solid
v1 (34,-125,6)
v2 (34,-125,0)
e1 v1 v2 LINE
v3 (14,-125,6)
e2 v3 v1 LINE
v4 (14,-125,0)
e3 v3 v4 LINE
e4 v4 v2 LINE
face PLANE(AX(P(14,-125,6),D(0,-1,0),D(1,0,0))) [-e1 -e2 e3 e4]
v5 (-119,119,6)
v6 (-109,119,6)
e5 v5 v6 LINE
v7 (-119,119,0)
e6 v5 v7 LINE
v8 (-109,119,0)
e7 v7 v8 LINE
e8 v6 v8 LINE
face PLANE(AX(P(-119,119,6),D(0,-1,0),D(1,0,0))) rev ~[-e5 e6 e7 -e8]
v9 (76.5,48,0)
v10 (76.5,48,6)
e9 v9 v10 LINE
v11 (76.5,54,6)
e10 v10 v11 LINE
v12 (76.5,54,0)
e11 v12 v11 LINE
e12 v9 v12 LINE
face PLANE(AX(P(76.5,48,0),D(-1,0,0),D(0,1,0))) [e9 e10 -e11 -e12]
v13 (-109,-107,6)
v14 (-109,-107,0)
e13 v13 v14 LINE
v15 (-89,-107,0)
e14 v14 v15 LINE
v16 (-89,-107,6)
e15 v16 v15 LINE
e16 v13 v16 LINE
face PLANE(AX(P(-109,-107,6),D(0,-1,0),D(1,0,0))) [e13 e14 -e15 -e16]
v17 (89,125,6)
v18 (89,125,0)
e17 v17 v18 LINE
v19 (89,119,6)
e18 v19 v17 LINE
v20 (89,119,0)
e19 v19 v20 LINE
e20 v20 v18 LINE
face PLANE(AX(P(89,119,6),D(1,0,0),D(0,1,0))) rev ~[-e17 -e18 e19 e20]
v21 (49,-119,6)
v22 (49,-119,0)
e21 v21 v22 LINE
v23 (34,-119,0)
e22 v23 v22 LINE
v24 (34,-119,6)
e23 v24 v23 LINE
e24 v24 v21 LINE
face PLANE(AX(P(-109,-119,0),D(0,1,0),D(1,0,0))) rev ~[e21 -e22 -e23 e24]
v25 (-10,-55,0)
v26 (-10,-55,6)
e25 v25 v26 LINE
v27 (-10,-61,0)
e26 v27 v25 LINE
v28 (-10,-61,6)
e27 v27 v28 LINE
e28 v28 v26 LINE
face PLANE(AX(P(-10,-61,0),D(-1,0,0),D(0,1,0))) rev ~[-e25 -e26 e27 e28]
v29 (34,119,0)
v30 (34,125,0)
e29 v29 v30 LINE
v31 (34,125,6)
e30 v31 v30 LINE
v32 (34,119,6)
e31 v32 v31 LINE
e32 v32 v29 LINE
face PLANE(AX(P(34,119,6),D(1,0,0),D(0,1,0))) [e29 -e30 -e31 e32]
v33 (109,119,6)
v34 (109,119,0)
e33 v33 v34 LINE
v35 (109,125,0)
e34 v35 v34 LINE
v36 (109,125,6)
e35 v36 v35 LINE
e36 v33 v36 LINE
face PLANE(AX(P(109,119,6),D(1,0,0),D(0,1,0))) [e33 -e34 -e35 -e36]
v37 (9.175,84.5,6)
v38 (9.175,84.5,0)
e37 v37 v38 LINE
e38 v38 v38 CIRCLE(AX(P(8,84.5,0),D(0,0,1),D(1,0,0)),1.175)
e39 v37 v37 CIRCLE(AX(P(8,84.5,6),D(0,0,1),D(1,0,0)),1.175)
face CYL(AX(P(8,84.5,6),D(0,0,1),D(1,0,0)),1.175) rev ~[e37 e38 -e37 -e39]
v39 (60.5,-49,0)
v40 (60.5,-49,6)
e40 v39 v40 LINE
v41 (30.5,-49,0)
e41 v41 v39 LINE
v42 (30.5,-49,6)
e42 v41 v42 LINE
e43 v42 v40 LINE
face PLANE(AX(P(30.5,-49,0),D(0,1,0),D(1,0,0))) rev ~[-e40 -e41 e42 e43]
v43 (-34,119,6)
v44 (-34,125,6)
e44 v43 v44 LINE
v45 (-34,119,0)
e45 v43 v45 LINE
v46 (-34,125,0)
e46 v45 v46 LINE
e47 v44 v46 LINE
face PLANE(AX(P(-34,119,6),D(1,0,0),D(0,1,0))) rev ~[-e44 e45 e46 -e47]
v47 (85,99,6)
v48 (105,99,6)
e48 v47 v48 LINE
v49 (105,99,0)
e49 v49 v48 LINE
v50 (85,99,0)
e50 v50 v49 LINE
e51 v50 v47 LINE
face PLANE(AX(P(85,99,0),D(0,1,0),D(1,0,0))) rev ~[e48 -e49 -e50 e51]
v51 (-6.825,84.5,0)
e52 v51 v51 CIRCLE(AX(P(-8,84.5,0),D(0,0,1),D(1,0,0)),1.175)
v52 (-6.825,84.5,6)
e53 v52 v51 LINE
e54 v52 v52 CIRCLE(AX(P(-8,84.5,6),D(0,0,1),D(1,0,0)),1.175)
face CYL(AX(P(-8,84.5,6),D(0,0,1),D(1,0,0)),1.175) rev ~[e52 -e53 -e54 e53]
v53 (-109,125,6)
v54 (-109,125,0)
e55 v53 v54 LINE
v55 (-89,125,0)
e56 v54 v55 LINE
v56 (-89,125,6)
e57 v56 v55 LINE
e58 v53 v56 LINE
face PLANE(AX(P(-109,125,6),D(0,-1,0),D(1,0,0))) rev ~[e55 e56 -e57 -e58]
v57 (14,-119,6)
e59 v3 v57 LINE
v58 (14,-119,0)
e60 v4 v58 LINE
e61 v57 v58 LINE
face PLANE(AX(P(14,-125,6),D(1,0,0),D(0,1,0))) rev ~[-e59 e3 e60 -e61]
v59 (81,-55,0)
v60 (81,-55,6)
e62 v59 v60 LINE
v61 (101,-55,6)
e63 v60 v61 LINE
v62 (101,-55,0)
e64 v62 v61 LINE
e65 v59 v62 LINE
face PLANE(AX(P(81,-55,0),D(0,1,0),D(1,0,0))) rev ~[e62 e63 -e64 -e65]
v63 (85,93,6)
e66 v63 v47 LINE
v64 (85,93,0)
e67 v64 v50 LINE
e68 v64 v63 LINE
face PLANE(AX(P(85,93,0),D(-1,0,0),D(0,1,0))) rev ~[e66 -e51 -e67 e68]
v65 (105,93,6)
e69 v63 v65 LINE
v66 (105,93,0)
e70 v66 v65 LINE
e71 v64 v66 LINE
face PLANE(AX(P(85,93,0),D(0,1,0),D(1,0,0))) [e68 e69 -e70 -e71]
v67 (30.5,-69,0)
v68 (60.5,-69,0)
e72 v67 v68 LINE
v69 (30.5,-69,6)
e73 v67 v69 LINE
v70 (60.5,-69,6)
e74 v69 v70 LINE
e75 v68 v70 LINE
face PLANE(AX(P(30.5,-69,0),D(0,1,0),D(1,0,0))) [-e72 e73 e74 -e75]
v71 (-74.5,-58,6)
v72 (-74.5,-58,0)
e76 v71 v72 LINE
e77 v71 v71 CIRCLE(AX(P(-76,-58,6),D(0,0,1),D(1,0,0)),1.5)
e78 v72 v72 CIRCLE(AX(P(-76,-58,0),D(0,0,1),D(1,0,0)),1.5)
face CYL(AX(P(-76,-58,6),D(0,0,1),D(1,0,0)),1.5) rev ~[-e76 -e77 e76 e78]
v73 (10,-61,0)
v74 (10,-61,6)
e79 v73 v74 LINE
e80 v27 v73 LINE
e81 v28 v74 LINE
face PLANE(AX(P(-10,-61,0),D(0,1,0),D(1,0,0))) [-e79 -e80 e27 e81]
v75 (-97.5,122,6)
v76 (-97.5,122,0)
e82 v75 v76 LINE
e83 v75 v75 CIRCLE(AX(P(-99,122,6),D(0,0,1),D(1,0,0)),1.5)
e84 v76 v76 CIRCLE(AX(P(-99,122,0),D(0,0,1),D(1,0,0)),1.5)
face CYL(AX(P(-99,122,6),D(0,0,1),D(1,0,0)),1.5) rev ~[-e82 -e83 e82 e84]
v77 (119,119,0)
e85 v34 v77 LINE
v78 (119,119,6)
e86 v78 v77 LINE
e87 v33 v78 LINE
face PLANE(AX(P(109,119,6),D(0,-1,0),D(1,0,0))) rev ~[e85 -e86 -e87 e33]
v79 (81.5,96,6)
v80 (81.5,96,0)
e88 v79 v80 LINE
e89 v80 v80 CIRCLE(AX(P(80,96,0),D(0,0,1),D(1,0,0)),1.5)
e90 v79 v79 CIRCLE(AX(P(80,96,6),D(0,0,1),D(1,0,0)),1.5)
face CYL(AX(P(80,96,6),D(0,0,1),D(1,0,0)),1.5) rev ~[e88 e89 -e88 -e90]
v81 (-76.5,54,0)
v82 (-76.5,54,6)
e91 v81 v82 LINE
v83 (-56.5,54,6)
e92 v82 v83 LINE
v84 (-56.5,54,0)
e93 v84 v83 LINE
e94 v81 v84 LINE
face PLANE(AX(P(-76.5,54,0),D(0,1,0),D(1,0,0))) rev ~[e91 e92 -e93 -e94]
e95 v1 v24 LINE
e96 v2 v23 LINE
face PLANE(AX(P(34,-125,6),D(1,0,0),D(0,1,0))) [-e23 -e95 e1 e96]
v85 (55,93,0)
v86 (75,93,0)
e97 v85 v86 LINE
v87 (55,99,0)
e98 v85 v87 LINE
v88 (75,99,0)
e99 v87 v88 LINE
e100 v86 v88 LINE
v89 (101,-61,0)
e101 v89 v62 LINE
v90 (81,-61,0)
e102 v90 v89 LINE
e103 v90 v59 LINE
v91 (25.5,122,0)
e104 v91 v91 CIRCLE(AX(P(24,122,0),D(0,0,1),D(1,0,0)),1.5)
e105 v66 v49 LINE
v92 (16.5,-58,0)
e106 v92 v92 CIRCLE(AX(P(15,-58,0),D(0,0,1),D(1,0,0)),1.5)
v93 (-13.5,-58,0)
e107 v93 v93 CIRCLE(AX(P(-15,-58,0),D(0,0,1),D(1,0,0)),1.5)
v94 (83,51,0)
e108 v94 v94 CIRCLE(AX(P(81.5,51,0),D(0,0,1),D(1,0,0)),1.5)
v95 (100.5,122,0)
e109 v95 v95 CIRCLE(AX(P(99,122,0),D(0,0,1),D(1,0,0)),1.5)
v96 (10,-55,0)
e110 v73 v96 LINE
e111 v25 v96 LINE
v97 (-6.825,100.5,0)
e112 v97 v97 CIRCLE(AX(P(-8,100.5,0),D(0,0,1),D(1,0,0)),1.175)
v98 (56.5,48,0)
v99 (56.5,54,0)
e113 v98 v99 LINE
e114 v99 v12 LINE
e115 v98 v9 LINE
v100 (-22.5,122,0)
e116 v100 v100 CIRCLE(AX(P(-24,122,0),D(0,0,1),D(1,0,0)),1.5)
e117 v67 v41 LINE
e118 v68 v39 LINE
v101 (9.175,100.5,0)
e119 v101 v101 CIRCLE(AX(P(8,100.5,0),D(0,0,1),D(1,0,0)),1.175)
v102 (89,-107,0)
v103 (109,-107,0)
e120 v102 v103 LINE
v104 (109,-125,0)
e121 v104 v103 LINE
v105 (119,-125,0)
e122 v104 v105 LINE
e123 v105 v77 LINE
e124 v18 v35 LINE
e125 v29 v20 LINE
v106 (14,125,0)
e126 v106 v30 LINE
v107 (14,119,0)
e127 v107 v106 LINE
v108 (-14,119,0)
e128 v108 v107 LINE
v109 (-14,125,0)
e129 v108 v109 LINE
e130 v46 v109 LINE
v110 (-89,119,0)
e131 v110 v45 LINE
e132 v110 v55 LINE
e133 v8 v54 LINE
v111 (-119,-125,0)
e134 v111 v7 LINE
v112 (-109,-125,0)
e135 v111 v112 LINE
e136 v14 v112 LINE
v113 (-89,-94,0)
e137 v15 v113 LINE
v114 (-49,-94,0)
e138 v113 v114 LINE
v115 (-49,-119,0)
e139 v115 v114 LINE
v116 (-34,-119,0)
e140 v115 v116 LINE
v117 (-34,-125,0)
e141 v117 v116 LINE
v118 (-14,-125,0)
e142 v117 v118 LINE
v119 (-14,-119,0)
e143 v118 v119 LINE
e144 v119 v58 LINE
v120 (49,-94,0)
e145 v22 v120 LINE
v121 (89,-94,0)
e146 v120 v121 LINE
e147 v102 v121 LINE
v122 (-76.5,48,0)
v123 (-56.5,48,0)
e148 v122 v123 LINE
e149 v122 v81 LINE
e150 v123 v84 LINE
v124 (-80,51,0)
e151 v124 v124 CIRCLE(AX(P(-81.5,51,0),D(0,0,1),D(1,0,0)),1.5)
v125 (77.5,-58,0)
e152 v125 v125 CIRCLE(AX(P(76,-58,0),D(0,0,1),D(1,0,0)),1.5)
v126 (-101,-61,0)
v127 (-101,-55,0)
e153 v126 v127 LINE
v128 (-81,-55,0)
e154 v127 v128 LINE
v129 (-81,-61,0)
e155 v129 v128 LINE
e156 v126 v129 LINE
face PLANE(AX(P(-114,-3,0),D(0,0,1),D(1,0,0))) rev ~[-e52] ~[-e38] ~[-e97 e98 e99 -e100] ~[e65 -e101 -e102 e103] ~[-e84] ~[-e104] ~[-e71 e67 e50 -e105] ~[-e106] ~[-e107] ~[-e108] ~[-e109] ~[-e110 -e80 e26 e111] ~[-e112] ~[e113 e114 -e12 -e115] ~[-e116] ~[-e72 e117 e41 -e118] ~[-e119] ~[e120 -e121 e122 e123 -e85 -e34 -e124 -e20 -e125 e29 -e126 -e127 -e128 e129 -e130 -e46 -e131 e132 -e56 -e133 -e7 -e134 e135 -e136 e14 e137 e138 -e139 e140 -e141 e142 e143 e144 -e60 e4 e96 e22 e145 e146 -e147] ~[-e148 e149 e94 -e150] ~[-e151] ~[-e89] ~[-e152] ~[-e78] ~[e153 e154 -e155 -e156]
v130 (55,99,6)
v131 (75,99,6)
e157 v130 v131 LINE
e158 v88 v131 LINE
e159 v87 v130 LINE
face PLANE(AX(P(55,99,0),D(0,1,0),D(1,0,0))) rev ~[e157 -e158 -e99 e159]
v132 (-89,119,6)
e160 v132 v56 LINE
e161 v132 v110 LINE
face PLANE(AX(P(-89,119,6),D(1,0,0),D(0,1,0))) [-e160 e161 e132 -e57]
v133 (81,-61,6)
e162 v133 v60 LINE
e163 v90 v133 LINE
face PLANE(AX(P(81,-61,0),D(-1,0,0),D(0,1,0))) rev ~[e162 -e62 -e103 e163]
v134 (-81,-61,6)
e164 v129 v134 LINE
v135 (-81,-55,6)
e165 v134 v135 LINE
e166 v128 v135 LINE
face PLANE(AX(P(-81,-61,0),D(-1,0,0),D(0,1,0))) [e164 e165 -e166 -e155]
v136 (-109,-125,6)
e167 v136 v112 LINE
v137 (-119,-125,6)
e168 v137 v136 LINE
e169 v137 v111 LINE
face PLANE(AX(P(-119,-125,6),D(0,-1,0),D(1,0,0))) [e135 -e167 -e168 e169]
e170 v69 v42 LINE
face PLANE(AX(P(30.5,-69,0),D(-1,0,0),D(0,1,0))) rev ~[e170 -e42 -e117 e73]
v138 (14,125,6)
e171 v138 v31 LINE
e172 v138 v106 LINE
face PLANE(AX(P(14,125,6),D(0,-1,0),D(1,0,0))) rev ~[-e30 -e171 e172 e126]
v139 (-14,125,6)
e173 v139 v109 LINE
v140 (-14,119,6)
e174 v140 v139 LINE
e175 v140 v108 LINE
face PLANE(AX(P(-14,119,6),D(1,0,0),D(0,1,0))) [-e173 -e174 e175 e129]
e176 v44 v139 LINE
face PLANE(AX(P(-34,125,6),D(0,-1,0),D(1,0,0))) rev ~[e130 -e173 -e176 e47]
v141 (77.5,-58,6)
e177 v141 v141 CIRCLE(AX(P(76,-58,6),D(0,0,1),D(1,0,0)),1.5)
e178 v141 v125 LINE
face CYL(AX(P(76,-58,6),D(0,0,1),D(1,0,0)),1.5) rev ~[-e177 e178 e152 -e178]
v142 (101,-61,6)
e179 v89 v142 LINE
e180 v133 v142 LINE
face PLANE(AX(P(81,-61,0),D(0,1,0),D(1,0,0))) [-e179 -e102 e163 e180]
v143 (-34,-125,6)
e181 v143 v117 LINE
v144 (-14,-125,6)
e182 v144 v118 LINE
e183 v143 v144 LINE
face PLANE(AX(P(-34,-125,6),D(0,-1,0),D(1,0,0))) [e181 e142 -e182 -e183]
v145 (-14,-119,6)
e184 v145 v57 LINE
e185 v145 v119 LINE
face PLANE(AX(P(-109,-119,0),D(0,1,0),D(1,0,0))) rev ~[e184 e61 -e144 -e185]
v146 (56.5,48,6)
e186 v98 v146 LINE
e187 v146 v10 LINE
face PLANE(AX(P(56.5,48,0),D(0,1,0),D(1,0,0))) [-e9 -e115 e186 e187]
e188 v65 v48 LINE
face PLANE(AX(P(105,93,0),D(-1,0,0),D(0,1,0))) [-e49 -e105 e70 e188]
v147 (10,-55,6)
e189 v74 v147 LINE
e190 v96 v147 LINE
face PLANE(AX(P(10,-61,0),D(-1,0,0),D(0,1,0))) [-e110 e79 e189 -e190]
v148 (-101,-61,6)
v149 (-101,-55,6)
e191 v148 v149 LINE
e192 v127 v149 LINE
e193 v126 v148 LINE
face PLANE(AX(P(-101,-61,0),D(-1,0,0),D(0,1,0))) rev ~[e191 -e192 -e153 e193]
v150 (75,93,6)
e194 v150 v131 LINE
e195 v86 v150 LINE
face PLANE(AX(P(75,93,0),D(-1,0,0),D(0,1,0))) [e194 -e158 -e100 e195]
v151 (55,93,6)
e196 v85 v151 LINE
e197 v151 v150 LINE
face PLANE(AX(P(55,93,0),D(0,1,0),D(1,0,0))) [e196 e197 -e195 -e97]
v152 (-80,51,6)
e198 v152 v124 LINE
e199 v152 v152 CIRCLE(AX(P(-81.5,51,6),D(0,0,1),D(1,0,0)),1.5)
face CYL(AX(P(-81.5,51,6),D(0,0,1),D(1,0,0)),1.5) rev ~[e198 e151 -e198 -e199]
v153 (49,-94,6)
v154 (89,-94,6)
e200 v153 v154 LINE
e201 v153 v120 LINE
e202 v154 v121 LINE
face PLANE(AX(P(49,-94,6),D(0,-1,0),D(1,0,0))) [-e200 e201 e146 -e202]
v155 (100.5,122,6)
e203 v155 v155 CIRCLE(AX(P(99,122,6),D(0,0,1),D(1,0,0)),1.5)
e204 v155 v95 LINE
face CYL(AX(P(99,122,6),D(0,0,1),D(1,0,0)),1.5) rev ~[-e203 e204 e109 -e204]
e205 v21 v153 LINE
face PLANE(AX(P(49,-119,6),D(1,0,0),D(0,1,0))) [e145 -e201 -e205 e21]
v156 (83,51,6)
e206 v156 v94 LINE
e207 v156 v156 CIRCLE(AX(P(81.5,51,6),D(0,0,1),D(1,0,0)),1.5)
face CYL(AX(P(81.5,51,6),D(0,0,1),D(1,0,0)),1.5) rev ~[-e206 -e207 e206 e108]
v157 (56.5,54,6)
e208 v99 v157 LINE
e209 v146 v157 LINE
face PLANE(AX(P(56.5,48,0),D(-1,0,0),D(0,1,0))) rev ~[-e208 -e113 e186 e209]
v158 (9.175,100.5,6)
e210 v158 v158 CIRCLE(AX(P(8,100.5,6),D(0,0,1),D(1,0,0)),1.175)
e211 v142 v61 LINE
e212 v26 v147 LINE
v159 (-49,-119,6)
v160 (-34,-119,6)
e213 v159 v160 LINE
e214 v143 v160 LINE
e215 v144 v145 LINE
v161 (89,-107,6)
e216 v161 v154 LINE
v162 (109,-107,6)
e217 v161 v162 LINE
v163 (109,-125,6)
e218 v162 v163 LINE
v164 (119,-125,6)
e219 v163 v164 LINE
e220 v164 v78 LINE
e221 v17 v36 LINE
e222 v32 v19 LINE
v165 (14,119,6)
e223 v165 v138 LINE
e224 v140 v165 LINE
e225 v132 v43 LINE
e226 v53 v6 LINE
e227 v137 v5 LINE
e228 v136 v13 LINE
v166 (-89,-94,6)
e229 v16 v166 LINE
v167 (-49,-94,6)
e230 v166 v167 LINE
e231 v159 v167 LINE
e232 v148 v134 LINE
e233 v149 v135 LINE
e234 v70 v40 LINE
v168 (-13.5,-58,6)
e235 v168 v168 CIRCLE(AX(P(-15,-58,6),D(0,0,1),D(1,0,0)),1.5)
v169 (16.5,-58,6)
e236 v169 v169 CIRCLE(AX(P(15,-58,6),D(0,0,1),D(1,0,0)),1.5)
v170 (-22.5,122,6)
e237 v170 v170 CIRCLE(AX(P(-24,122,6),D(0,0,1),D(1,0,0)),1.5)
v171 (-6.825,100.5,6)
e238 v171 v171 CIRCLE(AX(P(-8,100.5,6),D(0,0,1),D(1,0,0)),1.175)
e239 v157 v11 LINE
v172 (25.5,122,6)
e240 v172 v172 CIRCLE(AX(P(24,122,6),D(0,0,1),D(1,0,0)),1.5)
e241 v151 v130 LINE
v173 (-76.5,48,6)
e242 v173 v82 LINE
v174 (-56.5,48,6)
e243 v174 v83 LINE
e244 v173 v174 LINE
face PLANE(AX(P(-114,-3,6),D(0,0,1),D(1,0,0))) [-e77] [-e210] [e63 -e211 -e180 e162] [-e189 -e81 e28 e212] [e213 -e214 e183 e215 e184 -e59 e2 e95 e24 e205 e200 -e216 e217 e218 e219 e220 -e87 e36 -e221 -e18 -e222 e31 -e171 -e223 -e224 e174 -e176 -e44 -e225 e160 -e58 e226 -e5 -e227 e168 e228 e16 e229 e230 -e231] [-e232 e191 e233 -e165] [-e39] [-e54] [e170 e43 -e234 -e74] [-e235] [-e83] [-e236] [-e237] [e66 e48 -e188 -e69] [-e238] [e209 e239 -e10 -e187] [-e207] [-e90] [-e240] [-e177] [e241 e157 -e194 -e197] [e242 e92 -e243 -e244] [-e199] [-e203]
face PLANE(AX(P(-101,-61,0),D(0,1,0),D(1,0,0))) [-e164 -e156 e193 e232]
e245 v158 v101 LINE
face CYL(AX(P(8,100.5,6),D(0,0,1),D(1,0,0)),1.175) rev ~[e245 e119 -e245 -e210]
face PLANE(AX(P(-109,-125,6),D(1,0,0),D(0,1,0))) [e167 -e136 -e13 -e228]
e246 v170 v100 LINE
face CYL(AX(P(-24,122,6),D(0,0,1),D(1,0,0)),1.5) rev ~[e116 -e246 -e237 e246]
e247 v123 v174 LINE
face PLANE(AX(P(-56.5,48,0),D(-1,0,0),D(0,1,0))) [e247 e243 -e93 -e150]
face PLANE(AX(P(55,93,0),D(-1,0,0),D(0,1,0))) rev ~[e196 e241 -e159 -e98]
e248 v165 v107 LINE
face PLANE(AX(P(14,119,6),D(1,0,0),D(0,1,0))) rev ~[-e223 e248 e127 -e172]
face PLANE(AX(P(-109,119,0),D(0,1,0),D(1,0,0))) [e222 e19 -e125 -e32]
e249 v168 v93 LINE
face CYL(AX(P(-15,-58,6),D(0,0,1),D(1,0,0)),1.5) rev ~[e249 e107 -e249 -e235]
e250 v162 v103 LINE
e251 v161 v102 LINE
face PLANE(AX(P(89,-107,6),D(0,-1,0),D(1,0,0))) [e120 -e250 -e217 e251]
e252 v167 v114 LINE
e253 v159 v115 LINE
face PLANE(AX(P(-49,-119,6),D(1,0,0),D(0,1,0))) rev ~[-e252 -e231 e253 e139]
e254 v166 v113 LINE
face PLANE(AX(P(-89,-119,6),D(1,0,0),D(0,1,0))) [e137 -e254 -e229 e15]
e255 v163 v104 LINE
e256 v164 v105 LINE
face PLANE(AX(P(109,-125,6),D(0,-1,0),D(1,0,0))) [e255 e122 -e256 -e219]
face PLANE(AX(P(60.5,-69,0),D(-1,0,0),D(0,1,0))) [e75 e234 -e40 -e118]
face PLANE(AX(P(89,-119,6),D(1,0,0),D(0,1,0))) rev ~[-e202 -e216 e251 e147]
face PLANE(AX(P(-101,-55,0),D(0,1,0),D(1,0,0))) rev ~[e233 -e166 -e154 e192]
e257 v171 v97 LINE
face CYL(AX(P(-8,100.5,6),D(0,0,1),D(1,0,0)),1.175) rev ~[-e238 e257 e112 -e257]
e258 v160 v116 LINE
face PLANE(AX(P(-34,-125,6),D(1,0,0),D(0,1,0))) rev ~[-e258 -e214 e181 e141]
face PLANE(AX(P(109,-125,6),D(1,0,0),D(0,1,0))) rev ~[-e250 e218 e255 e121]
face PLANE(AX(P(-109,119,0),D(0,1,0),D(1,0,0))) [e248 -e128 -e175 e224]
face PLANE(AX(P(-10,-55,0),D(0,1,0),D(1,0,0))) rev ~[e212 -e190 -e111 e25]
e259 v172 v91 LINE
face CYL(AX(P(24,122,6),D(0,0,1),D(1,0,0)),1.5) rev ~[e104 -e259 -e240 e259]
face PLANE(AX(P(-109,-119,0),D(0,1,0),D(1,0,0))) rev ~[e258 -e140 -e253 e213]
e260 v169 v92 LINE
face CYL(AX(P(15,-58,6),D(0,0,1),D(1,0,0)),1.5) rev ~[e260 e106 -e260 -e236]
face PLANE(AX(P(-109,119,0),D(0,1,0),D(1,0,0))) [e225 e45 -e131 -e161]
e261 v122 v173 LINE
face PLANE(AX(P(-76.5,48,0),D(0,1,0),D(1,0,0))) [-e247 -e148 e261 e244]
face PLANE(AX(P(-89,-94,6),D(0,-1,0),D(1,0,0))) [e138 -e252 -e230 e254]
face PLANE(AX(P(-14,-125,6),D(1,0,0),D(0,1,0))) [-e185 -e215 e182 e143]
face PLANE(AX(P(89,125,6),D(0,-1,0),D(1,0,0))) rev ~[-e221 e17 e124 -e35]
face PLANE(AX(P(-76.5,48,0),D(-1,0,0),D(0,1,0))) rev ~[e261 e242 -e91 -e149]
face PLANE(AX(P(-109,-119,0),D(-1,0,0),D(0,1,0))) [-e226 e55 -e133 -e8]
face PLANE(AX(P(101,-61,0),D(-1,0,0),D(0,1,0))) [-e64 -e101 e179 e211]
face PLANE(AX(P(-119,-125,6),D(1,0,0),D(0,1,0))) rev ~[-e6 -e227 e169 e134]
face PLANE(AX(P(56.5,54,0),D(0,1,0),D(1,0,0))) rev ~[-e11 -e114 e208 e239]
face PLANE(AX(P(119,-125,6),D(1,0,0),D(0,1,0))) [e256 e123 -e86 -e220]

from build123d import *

# Parameters (mm, degrees)
ESQUISSE1_W             = 218
ESQUISSE1_H             = 238
ESQUISSE1_W_2           = 20
ESQUISSE1_H_2           = 6
ESQUISSE1_W_3           = 30
ESQUISSE1_H_3           = 20
BOSS_EXTRU_1_DEPTH      = 6
ESQUISSE2_W             = 40
ESQUISSE2_H             = 25
ENL_V_MAT_EXTRU_1_DEPTH = 6
ESQUISSE3_W             = 20
ESQUISSE3_H             = 6
BOSS_EXTRU_3_DEPTH      = 6
ESQUISSE4_R             = 1.5
ENL_V_MAT_EXTRU_2_DEPTH = 6
ESQUISSE5_W             = 10
ESQUISSE5_H             = 244
BOSS_EXTRU_4_DEPTH      = 6
ESQUISSE6_W             = 20
ESQUISSE6_H             = 12
ENL_V_MAT_EXTRU_3_DEPTH = 6
ESQUISSE7_R             = 1.175
ENL_V_MAT_EXTRU_4_DEPTH = 7


with BuildPart() as part:
    # Esquisse1 → Boss.-Extru.1 (new body)
    with BuildSketch(Plane.XY):
        Rectangle(ESQUISSE1_W, ESQUISSE1_H)
        with Locations((-91, -58)):
            Rectangle(ESQUISSE1_W_2, ESQUISSE1_H_2, mode=Mode.SUBTRACT)
        with Locations((0, -58)):
            Rectangle(ESQUISSE1_W_2, ESQUISSE1_H_2, mode=Mode.SUBTRACT)
        with Locations((91, -58)):
            Rectangle(ESQUISSE1_W_2, ESQUISSE1_H_2, mode=Mode.SUBTRACT)
        with Locations((-66.5, 51)):
            Rectangle(ESQUISSE1_W_2, ESQUISSE1_H_2, mode=Mode.SUBTRACT)
        with Locations((66.5, 51)):
            Rectangle(ESQUISSE1_W_2, ESQUISSE1_H_2, mode=Mode.SUBTRACT)
        with Locations((45.5, -59)):
            Rectangle(ESQUISSE1_W_3, ESQUISSE1_H_3, mode=Mode.SUBTRACT)
        with Locations((65, 96)):
            Rectangle(ESQUISSE1_W_2, ESQUISSE1_H_2, mode=Mode.SUBTRACT)
        with Locations((95, 96)):
            Rectangle(ESQUISSE1_W_2, ESQUISSE1_H_2, mode=Mode.SUBTRACT)
    extrude(amount=BOSS_EXTRU_1_DEPTH)

    # Esquisse2 → Enlèv. mat.-Extru.1 (cut)
    with BuildSketch(Plane.XY.offset(6)):
        with Locations((-69, -106.5)):
            Rectangle(ESQUISSE2_W, ESQUISSE2_H)
        with Locations((69, -106.5)):
            Rectangle(ESQUISSE2_W, ESQUISSE2_H)
    extrude(amount=-ENL_V_MAT_EXTRU_1_DEPTH, mode=Mode.SUBTRACT)

    # Esquisse3 → Boss.-Extru.3 (add)
    with BuildSketch(Plane.XY.offset(6)):
        with Locations((-24, -122)):
            Rectangle(ESQUISSE3_W, ESQUISSE3_H)
        with Locations((24, -122)):
            Rectangle(ESQUISSE3_W, ESQUISSE3_H)
        with Locations((24, 122)):
            Rectangle(ESQUISSE3_W, ESQUISSE3_H)
        with Locations((99, 122)):
            Rectangle(ESQUISSE3_W, ESQUISSE3_H)
        with Locations((-24, 122)):
            Rectangle(ESQUISSE3_W, ESQUISSE3_H)
        with Locations((-99, 122)):
            Rectangle(ESQUISSE3_W, ESQUISSE3_H)
    extrude(amount=-BOSS_EXTRU_3_DEPTH)

    # Esquisse4 → Enlèv. mat.-Extru.2 (cut)
    with BuildSketch(Plane.XY.offset(6)):
        with Locations((-15, -58)):
            Circle(ESQUISSE4_R)
        with Locations((-76, -58)):
            Circle(ESQUISSE4_R)
        with Locations((80, 96)):
            Circle(ESQUISSE4_R)
        with Locations((81.5, 51)):
            Circle(ESQUISSE4_R)
        with Locations((76, -58)):
            Circle(ESQUISSE4_R)
        with Locations((15, -58)):
            Circle(ESQUISSE4_R)
        with Locations((-81.5, 51)):
            Circle(ESQUISSE4_R)
        with Locations((-99, 122)):
            Circle(ESQUISSE4_R)
        with Locations((-24, 122)):
            Circle(ESQUISSE4_R)
        with Locations((24, 122)):
            Circle(ESQUISSE4_R)
        with Locations((99, 122)):
            Circle(ESQUISSE4_R)
    extrude(amount=-ENL_V_MAT_EXTRU_2_DEPTH, mode=Mode.SUBTRACT)

    # Esquisse5 → Boss.-Extru.4 (add)
    with BuildSketch(Plane.XY.offset(6)):
        with Locations((-114, -3)):
            Rectangle(ESQUISSE5_W, ESQUISSE5_H)
        with Locations((114, -3)):
            Rectangle(ESQUISSE5_W, ESQUISSE5_H)
    extrude(amount=-BOSS_EXTRU_4_DEPTH)

    # Esquisse6 → Enlèv. mat.-Extru.3 (cut)
    with BuildSketch(Plane.XY.offset(6)):
        with Locations((99, -113)):
            Rectangle(ESQUISSE6_W, ESQUISSE6_H)
        with Locations((-99, -113)):
            Rectangle(ESQUISSE6_W, ESQUISSE6_H)
    extrude(amount=-ENL_V_MAT_EXTRU_3_DEPTH, mode=Mode.SUBTRACT)

    # Esquisse7 → Enlèv. mat.-Extru.4 (cut, through all)
    with BuildSketch(Plane.XY.offset(6)):
        with Locations((-8, 100.5)):
            Circle(ESQUISSE7_R)
        with Locations((8, 100.5)):
            Circle(ESQUISSE7_R)
        with Locations((-8, 84.5)):
            Circle(ESQUISSE7_R)
        with Locations((8, 84.5)):
            Circle(ESQUISSE7_R)
    extrude(amount=-ENL_V_MAT_EXTRU_4_DEPTH, mode=Mode.SUBTRACT)


solid = part.part
